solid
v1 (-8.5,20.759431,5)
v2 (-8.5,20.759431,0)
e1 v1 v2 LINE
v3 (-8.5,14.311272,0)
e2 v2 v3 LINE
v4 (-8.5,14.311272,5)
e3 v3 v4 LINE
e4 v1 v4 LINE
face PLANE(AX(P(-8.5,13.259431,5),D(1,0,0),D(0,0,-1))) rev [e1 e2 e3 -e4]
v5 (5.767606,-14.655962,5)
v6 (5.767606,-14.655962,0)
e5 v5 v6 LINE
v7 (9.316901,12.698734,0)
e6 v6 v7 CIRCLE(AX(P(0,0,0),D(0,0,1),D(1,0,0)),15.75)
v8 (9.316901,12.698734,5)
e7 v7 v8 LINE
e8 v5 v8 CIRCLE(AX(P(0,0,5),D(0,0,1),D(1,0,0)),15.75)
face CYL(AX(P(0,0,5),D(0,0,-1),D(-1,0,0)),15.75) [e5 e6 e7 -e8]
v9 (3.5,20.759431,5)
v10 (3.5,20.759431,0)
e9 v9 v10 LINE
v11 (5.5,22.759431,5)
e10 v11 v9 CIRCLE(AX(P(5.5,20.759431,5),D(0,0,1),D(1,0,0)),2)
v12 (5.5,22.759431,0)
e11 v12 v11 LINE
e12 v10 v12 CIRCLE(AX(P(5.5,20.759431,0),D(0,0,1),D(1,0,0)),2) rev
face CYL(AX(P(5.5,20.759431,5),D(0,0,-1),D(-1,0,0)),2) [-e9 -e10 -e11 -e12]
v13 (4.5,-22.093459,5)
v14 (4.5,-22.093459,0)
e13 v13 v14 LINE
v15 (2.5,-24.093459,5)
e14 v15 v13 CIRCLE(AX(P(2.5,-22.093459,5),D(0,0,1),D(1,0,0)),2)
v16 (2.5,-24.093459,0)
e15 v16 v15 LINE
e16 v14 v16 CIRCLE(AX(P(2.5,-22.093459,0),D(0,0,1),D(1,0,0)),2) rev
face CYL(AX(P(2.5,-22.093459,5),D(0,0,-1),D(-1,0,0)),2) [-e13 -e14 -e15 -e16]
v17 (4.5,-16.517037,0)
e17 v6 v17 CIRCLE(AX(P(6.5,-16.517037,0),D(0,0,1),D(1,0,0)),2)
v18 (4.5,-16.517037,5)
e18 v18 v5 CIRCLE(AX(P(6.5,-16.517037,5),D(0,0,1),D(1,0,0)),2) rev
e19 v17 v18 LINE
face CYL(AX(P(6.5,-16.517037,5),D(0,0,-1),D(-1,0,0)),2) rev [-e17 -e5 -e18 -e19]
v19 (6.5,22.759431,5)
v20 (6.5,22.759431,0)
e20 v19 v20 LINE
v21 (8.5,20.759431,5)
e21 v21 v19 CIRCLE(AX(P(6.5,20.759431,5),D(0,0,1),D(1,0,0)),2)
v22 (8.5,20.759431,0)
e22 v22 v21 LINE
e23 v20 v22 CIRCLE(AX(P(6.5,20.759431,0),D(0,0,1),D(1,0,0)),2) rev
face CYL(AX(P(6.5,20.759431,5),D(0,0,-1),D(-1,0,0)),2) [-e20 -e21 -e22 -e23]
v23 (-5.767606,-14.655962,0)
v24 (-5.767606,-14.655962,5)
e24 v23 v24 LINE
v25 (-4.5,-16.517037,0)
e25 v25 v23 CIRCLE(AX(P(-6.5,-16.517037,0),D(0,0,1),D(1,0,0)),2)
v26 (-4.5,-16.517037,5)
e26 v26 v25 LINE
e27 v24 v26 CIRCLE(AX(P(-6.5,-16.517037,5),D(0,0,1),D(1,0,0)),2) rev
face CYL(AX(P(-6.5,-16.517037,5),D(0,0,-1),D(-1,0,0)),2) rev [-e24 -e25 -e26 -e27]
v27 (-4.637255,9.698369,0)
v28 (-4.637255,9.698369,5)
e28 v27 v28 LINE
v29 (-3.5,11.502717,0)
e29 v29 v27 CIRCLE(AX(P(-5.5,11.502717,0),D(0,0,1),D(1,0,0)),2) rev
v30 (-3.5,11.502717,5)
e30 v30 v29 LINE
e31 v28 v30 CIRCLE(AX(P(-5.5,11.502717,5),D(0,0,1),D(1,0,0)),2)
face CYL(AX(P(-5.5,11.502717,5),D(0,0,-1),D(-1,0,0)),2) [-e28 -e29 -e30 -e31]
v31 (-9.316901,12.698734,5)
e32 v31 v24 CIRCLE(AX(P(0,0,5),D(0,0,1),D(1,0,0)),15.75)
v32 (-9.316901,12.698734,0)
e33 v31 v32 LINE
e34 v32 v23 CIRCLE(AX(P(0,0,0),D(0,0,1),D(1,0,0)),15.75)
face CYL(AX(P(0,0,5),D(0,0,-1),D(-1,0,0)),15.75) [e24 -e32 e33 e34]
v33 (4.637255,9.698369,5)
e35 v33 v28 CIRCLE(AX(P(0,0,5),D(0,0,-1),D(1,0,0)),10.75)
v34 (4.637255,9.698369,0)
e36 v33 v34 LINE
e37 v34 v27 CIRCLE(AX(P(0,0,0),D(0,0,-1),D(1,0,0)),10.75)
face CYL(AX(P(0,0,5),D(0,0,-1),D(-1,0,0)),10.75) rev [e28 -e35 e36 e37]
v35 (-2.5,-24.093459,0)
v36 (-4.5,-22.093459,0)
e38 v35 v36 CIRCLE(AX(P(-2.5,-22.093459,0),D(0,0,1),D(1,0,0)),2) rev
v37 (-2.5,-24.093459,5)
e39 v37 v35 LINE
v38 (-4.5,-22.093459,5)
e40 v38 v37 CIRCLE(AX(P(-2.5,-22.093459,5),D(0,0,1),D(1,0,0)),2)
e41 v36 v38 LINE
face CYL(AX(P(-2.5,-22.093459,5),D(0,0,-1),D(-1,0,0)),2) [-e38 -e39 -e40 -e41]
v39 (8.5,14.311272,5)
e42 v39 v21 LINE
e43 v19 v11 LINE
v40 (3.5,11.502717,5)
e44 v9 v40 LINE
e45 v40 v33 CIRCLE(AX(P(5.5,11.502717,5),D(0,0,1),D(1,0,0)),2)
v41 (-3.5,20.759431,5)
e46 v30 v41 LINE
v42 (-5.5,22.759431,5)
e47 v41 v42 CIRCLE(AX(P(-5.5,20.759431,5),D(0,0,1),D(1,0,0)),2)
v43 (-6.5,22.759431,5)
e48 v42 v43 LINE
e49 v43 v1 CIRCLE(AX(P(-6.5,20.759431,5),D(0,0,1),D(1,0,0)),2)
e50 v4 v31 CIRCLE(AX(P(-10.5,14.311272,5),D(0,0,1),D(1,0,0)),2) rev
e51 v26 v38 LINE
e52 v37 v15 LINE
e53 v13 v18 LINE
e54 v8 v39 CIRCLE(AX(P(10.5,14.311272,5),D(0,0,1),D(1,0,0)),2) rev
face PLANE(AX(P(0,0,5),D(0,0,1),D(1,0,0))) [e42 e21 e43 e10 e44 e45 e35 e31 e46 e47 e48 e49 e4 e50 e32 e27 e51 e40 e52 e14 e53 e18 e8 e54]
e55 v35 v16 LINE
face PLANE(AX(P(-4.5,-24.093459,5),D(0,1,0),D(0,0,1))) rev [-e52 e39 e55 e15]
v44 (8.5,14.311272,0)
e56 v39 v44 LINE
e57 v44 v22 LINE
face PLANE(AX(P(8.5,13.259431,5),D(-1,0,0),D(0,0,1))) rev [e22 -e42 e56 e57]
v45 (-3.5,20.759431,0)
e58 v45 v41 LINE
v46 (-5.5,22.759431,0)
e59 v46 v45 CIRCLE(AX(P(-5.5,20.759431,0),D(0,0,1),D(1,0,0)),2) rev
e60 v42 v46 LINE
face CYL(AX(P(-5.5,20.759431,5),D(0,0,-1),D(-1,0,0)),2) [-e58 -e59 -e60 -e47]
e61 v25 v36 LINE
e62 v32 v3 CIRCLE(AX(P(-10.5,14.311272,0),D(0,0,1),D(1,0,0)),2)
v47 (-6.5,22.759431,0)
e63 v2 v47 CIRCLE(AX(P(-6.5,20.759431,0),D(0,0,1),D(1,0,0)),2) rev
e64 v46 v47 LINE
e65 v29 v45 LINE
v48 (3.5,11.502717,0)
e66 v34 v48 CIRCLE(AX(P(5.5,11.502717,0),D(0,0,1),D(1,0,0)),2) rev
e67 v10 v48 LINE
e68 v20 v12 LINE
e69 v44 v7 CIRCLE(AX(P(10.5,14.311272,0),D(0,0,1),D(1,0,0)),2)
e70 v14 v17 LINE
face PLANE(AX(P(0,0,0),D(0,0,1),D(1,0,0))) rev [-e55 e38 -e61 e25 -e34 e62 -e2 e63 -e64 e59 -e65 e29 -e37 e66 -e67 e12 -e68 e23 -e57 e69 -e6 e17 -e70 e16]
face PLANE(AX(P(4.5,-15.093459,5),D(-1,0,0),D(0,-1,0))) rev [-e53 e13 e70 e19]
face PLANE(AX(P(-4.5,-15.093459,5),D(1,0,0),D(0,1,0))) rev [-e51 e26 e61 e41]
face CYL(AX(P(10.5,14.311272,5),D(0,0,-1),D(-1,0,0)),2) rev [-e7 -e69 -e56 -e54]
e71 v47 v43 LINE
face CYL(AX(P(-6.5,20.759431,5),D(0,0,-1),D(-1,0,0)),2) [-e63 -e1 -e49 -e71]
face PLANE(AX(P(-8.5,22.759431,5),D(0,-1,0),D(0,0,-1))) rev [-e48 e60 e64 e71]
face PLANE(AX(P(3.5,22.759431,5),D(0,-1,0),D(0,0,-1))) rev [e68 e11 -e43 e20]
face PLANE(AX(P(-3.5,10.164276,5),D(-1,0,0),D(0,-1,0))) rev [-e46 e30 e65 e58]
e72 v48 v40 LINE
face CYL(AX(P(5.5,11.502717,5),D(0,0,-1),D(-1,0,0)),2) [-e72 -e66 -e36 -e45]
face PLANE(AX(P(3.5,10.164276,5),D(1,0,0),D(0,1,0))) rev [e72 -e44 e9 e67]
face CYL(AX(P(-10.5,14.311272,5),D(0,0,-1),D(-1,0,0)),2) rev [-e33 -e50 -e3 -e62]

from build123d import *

# Parameters (mm, degrees)
BOSS_EXTRUDE1_DEPTH = 5
FILLET1_R           = 2


with BuildPart() as part:
    # Sketch1 → Boss-Extrude1 (new body)
    with BuildSketch(Plane.XY):
        with BuildLine():
            Line((3.5, 22.759430606), (8.5, 22.759430606))
            Line((8.5, 22.759430606), (8.5, 13.259430606))
            ThreePointArc((8.5, 13.259430606), (15.595562994, -2.200207922), (4.5, -15.093458848))
            Line((4.5, -15.093458848), (4.5, -24.093458848))
            Line((4.5, -24.093458848), (-4.5, -24.093458848))
            Line((-4.5, -24.093458848), (-4.5, -15.093458848))
            ThreePointArc((-4.5, -15.093458848), (-15.595562994, -2.200207922), (-8.5, 13.259430606))
            Line((-8.5, 13.259430606), (-8.5, 22.759430606))
            Line((-8.5, 22.759430606), (-3.5, 22.759430606))
            Line((-3.5, 22.759430606), (-3.5, 10.164275675))
            ThreePointArc((-3.5, 10.164275675), (0, -10.75), (3.5, 10.164275675))
            Line((3.5, 10.164275675), (3.5, 22.759430606))
        make_face()
    extrude(amount=BOSS_EXTRUDE1_DEPTH)

    # Fillet1
    fillet1_edges = [part.edges().sort_by_distance(p)[0] for p in [
        (4.5, -15.093458848, 2.5),
        (4.5, -24.093458848, 2.5),
        (-4.5, -24.093458848, 2.5),
        (-4.5, -15.093458848, 2.5),
        (-8.5, 13.259430606, 2.5),
        (-8.5, 22.759430606, 2.5),
        (-3.5, 22.759430606, 2.5),
        (-3.5, 10.164275675, 2.5),
        (3.5, 10.164275675, 2.5),
        (3.5, 22.759430606, 2.5),
        (8.5, 22.759430606, 2.5),
        (8.5, 13.259430606, 2.5),
    ]]
    fillet(fillet1_edges, radius=FILLET1_R)


solid = part.part
